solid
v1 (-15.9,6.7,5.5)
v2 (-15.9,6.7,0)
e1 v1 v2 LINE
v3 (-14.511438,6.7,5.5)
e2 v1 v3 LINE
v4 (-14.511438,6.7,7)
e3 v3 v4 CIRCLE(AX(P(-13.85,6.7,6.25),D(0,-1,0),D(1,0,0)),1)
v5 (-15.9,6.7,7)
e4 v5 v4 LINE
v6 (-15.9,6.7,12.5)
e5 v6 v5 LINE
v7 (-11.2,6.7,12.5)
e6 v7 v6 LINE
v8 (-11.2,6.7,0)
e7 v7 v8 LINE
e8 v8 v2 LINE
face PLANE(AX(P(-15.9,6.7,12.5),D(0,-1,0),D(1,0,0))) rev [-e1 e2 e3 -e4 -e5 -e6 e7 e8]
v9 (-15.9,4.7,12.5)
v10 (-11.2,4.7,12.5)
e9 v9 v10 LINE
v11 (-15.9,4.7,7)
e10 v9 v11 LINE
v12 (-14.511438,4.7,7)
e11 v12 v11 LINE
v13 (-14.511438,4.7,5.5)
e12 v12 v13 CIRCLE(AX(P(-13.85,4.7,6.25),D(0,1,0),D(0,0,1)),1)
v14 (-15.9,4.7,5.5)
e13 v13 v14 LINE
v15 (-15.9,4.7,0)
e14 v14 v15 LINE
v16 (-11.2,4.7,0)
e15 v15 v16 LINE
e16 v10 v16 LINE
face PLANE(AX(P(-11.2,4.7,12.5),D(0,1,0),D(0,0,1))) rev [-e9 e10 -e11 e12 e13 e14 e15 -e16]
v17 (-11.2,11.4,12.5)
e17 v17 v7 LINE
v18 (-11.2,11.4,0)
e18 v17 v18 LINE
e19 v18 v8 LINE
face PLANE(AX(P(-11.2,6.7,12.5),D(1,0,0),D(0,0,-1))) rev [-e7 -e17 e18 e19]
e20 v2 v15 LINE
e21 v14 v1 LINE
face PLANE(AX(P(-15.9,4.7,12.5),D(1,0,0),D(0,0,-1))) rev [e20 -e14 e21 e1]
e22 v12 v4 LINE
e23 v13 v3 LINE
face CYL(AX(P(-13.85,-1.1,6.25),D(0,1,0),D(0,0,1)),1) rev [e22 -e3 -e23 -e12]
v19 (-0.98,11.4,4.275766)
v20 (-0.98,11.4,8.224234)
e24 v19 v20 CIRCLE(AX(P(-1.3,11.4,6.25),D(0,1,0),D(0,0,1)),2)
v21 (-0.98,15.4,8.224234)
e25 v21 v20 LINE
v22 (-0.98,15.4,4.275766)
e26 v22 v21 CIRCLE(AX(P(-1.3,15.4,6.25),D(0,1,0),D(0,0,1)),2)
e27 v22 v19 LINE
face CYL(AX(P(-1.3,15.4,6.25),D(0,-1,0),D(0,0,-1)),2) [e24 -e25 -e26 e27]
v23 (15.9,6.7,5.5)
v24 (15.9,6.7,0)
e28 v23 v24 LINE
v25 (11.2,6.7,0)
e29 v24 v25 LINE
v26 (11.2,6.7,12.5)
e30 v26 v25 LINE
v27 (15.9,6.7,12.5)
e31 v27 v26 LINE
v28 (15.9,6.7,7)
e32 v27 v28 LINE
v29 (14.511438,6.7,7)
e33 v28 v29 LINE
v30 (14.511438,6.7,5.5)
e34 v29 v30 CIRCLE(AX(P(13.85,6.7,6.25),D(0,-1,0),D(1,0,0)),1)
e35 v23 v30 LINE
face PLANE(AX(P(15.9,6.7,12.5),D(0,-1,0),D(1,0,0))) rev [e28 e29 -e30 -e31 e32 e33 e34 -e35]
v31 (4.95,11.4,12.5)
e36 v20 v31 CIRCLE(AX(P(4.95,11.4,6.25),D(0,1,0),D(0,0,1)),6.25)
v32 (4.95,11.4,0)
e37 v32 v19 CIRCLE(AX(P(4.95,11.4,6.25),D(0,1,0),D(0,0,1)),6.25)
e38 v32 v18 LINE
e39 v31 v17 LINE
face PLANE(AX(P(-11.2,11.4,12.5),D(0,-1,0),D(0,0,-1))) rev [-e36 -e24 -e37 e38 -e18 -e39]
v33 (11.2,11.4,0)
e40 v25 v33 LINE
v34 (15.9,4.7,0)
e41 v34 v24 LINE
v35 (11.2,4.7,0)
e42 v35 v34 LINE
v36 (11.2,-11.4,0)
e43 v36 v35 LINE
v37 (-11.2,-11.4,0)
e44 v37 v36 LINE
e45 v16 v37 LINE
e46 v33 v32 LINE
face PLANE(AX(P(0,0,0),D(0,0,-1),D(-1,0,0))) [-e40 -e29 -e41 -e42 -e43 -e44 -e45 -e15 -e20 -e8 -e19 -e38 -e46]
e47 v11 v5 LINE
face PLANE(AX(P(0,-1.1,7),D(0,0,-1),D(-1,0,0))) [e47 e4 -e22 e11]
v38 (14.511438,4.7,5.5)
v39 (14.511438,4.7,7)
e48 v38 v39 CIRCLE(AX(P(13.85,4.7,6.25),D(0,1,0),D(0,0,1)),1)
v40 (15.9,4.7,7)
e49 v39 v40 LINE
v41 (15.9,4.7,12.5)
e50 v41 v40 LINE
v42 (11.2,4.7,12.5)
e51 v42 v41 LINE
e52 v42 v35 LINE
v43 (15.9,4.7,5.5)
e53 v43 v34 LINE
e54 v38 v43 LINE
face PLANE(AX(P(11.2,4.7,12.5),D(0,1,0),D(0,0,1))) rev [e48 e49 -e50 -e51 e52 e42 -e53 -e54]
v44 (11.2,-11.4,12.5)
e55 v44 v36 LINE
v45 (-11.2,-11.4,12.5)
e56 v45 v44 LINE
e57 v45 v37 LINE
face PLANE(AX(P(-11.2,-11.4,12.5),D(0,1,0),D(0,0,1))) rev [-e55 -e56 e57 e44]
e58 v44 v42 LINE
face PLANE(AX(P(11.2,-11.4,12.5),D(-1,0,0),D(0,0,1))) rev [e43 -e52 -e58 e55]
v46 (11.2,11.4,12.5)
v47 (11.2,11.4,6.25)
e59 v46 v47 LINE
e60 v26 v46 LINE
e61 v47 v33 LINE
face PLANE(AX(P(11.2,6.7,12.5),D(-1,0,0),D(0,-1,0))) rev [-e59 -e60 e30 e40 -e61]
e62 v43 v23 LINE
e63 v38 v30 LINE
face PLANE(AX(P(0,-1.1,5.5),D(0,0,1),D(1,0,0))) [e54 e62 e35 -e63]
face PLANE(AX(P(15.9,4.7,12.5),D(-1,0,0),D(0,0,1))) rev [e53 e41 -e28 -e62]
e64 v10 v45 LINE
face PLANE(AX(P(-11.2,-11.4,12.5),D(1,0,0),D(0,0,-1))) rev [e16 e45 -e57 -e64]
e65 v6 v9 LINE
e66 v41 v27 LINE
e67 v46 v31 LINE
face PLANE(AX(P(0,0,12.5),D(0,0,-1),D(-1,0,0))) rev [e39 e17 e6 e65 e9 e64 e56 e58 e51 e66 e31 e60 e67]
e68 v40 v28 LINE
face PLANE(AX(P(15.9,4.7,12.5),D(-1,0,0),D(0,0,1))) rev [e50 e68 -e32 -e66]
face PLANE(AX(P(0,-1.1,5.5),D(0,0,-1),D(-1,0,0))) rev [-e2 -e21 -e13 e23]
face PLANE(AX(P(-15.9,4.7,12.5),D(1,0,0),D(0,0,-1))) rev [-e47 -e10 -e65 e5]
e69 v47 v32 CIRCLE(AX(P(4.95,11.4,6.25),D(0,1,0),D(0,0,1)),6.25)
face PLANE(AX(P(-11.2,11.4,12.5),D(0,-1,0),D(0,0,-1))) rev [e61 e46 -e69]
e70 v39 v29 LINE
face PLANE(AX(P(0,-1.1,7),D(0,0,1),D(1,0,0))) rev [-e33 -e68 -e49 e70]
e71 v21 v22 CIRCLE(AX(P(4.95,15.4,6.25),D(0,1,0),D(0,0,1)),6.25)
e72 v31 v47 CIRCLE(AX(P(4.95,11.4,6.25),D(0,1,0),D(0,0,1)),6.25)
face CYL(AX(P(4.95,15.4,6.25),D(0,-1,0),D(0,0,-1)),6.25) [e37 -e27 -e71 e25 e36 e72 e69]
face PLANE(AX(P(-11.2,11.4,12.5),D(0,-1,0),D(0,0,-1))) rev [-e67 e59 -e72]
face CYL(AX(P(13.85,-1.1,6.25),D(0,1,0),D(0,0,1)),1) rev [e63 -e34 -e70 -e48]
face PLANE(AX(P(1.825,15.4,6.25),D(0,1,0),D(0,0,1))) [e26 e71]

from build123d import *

# Parameters (mm, degrees)
RESSALTO_EXTRUS_O1_DEPTH = 12.5
ESBO_O2_R                = 1
CORTE_EXTRUS_O1_DEPTH    = 12.5
RESSALTO_EXTRUS_O2_DEPTH = 4


with BuildPart() as part:
    # Esboço1 → Ressalto-extrusão1 (new body)
    with BuildSketch(Plane.XY):
        Polygon((-11.2, -11.4), (11.2, -11.4), (11.2, 4.7), (15.9, 4.7), (15.9, 6.7), (11.2, 6.7), (11.2, 11.4), (-11.2, 11.4), (-11.2, 6.7), (-15.9, 6.7), (-15.9, 4.7), (-11.2, 4.7), align=None)
    extrude(amount=RESSALTO_EXTRUS_O1_DEPTH)

    # Esboço2 → Corte-extrusão1 (cut)
    with BuildSketch(Plane(origin=(0, 11.4, 0), x_dir=(1, 0, 0), z_dir=(0, 1, 0))):
        with BuildLine():
            Line((-14.511437828, -7), (-15.9, -7))
            Line((-15.9, -7), (-15.9, -5.5))
            Line((-15.9, -5.5), (-14.511437828, -5.5))
            ThreePointArc((-14.511437828, -5.5), (-12.85, -6.25), (-14.511437828, -7))
        make_face()
        with Locations((13.85, -6.25)):
            Circle(ESBO_O2_R)
        with BuildLine():
            ThreePointArc((14.85, -6.25), (14.761437828, -6.661437828), (14.511437828, -7))
            Line((14.511437828, -7), (15.9, -7))
            Line((15.9, -7), (15.9, -5.5))
            Line((15.9, -5.5), (14.511437828, -5.5))
            ThreePointArc((14.511437828, -5.5), (14.761437828, -5.838562172), (14.85, -6.25))
        make_face()
    extrude(amount=-CORTE_EXTRUS_O1_DEPTH, mode=Mode.SUBTRACT)

    # Esboço3 → Ressalto-extrusão2 (add)
    with BuildSketch(Plane(origin=(0, 11.4, 0), x_dir=(1, 0, 0), z_dir=(0, 1, 0))):
        with BuildLine():
            ThreePointArc((-0.98, -8.224234029), (11.2, -6.25), (-0.98, -4.275765971))
            ThreePointArc((-0.98, -4.275765971), (-3.3, -6.25), (-0.98, -8.224234029))
        make_face()
    extrude(amount=RESSALTO_EXTRUS_O2_DEPTH)


solid = part.part
